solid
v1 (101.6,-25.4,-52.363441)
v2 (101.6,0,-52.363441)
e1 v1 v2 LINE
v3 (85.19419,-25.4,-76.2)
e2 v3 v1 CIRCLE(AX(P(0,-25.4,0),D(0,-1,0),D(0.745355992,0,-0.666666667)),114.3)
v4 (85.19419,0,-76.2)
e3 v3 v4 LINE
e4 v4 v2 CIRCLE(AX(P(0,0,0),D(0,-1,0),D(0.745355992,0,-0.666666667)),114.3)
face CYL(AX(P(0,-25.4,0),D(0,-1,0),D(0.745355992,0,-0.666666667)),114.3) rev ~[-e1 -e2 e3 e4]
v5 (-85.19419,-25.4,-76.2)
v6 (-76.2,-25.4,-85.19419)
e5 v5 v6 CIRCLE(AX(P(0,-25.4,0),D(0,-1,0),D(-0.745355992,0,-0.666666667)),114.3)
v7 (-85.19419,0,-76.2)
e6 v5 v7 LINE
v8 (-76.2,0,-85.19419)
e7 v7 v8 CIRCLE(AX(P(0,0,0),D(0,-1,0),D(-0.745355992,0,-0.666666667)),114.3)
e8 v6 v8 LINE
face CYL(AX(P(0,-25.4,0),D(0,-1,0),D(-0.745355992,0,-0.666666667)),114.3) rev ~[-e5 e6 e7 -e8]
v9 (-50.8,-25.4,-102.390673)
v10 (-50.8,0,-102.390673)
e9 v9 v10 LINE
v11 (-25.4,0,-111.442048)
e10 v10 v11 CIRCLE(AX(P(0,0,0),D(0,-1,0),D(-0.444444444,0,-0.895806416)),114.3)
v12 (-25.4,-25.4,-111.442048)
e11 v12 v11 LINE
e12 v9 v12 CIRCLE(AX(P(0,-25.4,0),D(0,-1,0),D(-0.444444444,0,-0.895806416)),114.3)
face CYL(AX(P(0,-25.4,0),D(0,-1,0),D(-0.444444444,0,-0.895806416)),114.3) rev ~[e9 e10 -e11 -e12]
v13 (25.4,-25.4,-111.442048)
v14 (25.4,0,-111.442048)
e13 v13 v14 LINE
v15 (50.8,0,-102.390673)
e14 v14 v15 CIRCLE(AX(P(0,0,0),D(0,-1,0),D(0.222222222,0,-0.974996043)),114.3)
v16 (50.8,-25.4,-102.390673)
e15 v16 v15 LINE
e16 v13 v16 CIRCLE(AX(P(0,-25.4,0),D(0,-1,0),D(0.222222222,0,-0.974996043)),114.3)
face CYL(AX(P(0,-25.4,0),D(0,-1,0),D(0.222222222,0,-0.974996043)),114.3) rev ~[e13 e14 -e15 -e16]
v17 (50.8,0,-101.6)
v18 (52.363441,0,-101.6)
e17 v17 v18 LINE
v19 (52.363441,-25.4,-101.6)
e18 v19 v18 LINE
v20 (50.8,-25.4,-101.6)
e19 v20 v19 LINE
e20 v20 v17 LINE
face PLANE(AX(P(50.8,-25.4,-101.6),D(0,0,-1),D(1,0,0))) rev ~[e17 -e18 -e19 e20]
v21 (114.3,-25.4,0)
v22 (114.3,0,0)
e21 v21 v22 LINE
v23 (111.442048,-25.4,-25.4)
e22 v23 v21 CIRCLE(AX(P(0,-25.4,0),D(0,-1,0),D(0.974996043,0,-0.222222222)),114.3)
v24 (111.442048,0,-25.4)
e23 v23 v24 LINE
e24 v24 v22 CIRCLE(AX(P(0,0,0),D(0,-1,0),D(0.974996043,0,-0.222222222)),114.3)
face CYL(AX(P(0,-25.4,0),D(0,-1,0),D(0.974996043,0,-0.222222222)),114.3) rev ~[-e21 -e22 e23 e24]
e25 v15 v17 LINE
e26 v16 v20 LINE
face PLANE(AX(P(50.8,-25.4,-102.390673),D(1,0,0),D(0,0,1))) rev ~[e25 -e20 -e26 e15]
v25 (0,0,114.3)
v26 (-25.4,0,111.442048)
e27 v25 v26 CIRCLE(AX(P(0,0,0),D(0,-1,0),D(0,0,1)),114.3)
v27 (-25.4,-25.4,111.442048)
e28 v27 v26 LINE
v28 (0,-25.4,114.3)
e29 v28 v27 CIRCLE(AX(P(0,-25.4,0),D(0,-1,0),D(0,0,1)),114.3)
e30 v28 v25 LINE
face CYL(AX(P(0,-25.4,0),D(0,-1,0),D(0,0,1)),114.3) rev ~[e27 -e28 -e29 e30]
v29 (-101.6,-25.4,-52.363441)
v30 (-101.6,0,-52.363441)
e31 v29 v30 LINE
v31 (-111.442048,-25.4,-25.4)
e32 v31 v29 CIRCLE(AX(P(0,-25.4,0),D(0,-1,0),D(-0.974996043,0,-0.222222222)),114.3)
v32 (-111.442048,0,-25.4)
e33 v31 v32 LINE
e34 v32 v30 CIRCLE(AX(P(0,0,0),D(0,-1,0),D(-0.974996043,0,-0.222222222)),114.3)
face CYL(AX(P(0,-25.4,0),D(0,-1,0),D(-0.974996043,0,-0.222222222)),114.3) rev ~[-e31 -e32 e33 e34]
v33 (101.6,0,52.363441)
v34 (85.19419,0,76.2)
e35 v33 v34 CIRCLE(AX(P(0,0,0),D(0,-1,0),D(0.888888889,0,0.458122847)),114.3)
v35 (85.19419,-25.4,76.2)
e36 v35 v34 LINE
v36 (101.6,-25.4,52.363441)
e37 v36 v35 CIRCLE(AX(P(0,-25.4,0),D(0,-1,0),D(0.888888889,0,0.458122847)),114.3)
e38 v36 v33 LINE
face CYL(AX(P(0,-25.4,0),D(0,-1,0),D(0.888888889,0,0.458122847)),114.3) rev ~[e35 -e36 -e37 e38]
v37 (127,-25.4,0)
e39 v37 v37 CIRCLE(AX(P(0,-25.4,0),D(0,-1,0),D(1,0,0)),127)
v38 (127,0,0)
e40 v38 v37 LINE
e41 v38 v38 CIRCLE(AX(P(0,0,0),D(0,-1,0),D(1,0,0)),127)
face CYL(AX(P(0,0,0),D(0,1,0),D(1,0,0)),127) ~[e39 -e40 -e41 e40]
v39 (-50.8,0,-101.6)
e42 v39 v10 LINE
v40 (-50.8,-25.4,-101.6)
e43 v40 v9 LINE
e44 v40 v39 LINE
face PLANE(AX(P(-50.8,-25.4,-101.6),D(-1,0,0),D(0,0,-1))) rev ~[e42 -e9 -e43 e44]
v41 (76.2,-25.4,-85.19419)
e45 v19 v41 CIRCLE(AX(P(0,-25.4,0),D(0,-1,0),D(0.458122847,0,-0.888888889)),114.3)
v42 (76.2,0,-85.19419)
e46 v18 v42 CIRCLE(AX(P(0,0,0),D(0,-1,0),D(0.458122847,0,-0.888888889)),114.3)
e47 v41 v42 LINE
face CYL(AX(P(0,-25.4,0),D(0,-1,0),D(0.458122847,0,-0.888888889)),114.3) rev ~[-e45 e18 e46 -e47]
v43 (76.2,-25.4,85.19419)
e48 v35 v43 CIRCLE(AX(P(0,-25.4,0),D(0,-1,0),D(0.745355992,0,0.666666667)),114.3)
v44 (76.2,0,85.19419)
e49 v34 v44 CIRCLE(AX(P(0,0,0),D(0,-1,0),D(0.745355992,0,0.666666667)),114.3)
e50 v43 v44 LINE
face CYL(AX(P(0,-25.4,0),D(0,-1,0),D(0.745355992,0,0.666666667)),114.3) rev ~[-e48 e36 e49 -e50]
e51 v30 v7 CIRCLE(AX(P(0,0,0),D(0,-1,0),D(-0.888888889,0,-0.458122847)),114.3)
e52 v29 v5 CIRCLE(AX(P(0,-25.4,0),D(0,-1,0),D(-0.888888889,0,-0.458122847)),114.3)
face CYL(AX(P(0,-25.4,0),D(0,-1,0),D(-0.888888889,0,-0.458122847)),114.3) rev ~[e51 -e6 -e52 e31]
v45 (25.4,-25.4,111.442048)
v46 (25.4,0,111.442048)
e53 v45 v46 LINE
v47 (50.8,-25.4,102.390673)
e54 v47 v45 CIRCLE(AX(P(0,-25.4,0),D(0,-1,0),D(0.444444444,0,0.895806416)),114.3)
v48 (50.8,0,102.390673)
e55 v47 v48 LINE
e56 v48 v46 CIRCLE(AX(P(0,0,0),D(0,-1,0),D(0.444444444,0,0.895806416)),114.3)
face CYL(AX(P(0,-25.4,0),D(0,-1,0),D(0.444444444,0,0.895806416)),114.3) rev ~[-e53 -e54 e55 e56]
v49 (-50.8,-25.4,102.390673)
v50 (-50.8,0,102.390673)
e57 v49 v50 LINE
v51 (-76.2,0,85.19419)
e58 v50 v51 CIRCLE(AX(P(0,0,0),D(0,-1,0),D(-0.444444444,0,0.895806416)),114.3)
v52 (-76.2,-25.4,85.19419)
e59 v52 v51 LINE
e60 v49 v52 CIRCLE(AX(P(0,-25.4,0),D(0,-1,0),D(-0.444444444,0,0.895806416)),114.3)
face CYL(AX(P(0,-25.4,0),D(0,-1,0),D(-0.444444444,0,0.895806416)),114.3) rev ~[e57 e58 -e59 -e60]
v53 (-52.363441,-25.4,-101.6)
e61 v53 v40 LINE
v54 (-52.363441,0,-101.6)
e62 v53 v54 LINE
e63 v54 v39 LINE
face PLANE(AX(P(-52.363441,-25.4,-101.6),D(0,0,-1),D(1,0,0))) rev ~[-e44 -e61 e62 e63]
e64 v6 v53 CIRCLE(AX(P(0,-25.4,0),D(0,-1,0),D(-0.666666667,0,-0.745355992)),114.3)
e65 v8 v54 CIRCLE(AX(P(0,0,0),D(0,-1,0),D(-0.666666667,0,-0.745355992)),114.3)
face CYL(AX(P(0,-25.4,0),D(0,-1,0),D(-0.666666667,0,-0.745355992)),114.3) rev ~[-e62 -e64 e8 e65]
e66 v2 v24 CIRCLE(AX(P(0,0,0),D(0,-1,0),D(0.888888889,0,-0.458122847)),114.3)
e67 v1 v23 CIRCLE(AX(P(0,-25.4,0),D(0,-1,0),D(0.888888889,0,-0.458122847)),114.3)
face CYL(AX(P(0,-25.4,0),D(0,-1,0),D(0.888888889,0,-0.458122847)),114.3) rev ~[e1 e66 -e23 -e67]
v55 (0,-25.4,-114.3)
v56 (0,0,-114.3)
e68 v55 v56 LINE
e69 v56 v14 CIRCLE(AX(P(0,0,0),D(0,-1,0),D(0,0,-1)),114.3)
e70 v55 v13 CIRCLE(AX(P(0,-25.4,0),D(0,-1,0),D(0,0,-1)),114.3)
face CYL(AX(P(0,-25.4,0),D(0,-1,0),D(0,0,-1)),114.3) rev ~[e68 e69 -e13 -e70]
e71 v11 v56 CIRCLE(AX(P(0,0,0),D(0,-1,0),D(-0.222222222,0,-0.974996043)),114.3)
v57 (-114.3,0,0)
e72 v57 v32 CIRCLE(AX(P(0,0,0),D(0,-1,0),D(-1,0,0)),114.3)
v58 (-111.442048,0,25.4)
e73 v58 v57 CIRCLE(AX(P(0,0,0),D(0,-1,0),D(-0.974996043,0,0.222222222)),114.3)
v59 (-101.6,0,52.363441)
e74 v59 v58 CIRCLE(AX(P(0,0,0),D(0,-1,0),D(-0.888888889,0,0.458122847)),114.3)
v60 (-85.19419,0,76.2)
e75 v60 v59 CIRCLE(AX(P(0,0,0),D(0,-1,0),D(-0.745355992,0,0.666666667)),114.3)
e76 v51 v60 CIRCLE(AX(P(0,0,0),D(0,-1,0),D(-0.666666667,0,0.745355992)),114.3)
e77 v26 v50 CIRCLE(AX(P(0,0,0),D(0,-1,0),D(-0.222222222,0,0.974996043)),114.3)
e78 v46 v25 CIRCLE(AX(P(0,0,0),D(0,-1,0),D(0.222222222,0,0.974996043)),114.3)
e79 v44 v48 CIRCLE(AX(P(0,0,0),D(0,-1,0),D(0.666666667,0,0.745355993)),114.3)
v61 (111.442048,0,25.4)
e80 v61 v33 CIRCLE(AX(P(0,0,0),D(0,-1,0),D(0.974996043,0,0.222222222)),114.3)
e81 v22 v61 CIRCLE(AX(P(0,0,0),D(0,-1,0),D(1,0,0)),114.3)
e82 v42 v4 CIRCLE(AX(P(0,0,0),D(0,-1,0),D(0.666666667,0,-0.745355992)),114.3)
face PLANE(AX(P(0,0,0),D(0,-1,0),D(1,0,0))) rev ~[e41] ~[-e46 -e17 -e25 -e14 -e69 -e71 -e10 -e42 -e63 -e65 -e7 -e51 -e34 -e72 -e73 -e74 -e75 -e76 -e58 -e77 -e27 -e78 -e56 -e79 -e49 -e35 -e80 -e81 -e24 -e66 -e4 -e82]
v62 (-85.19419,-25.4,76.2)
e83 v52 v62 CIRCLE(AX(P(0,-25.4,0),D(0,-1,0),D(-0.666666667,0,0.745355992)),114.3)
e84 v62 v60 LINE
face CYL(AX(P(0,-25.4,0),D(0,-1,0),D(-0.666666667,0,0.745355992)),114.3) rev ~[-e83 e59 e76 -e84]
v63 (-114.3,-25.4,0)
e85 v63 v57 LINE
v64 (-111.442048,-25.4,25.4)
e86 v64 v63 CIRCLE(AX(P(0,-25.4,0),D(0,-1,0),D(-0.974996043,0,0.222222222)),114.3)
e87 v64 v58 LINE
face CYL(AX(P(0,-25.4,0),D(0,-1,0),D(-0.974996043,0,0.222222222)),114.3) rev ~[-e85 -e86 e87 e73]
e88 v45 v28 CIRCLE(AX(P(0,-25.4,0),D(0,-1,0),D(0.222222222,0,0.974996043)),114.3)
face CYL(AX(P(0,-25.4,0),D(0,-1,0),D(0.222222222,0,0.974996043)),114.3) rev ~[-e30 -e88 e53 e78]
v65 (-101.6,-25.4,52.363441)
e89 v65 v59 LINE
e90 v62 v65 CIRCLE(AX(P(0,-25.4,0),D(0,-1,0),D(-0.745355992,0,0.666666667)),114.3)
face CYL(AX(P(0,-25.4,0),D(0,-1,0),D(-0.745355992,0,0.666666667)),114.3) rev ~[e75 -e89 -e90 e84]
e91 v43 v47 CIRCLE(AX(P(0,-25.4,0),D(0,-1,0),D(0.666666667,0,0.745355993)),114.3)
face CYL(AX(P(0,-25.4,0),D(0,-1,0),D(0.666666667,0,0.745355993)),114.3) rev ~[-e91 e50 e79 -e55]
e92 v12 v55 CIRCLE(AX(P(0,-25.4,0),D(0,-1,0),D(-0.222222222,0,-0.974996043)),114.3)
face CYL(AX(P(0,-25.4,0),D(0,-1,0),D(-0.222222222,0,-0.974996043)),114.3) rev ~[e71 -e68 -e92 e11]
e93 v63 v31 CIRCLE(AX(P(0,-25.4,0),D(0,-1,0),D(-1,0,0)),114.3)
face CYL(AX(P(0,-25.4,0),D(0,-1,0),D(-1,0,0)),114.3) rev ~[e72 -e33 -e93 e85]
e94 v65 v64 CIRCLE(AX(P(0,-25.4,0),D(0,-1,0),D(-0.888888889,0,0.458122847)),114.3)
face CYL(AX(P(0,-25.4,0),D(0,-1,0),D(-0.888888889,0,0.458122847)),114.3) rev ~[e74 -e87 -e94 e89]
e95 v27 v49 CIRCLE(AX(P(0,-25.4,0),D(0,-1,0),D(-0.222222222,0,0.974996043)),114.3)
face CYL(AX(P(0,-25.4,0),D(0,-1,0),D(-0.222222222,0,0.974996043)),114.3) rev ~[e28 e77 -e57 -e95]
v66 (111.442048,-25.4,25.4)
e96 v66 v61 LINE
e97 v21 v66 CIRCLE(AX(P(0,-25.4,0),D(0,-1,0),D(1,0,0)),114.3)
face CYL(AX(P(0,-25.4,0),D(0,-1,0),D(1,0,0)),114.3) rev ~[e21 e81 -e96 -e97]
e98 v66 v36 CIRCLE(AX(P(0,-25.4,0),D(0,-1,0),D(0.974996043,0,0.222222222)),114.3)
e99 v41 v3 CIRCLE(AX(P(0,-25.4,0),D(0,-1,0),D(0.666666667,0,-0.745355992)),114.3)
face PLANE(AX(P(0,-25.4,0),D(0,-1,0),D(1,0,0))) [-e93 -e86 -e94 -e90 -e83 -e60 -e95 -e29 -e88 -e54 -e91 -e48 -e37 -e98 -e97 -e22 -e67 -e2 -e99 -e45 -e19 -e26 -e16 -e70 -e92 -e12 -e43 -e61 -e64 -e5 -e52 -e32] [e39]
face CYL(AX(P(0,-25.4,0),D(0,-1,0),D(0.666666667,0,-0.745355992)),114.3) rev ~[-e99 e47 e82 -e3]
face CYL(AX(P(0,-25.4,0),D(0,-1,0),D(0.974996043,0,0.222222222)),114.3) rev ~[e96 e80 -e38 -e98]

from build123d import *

# Parameters (mm, degrees)
F0_R     = 127
F1_DEPTH = 25.4
F2_W     = 25.4
F2_H     = 25.4
F3_DEPTH = 25.4


with BuildPart() as f1:
    # F0 (on Front) → F1 (new body)
    with BuildSketch(Plane.XZ):
        Circle(F0_R)
    extrude(amount=F1_DEPTH)

    # F2 (on face) → F3 (cut)
    with BuildSketch(Plane.XZ.offset(25.4)):
        with Locations((-38.1, 88.9)):
            Rectangle(F2_W, F2_H)
        with Locations((-12.7, 88.9)):
            Rectangle(F2_W, F2_H)
        with Locations((12.7, 88.9)):
            Rectangle(F2_W, F2_H)
        with Locations((38.1, 88.9)):
            Rectangle(F2_W, F2_H)
        Polygon((25.4, 51.1908603613), (50.8, 51.5817207227), (50.8, 76.2), (25.4, 76.2), align=None)
        Polygon((50.8, 51.5817207227), (76.2, 51.972581084), (76.2, 76.2), (50.8, 76.2), align=None)
        Polygon((76.2, 25.4), (76.2, 51.972581084), (50.8, 51.5817207227), (50.8, 25.4), align=None)
        with Locations((63.5, 12.7)):
            Rectangle(F2_W, F2_H)
        Polygon((101.6, 25.4), (101.6, 52.3634414453), (76.2, 51.972581084), (76.2, 25.4), align=None)
        with Locations((88.9, 12.7)):
            Rectangle(F2_W, F2_H)
        with Locations((88.9, -12.7)):
            Rectangle(F2_W, F2_H)
        with Locations((88.9, -38.1)):
            Rectangle(F2_W, F2_H)
        with Locations((63.5, -38.1)):
            Rectangle(F2_W, F2_H)
        with Locations((63.5, -63.5)):
            Rectangle(F2_W, F2_H)
        with Locations((38.1, -88.9)):
            Rectangle(F2_W, F2_H)
        with Locations((38.1, -63.5)):
            Rectangle(F2_W, F2_H)
        with Locations((12.7, -88.9)):
            Rectangle(F2_W, F2_H)
        with Locations((-12.7, -88.9)):
            Rectangle(F2_W, F2_H)
        with Locations((-38.1, -88.9)):
            Rectangle(F2_W, F2_H)
        with Locations((-38.1, -63.5)):
            Rectangle(F2_W, F2_H)
        with Locations((-63.5, -63.5)):
            Rectangle(F2_W, F2_H)
        with Locations((-63.5, -38.1)):
            Rectangle(F2_W, F2_H)
        with Locations((-63.5, -12.7)):
            Rectangle(F2_W, F2_H)
        with Locations((-88.9, -12.7)):
            Rectangle(F2_W, F2_H)
        with Locations((-88.9, 12.7)):
            Rectangle(F2_W, F2_H)
        with Locations((-63.5, 12.7)):
            Rectangle(F2_W, F2_H)
        Polygon((-76.2, 25.4), (-76.2, 51.972581084), (-101.6, 52.3634414453), (-101.6, 25.4), align=None)
        Polygon((-76.2, 51.972581084), (-50.8, 51.5817207227), (-50.8, 76.2), (-76.2, 76.2), align=None)
        Polygon((-50.8, 51.5817207227), (-25.4, 51.1908603613), (-25.4, 76.2), (-50.8, 76.2), align=None)
        Polygon((-25.4, 51.1908603613), (0, 50.8), (0, 76.2), (-25.4, 76.2), align=None)
        Polygon((0, 50.8), (25.4, 51.1908603613), (25.4, 76.2), (0, 76.2), align=None)
        Polygon((25.4, 25.4), (25.4, 51.1908603613), (0, 50.8), (0, 25.4), align=None)
        Polygon((-25.4, 25.4), (-25.4, 51.1908603613), (-50.8, 51.5817207227), (-50.8, 25.4), align=None)
        Polygon((-50.8, 25.4), (-50.8, 51.5817207227), (-76.2, 51.972581084), (-76.2, 25.4), align=None)
        Polygon((0, 25.4), (0, 50.8), (-25.4, 51.1908603613), (-25.4, 25.4), align=None)
        Polygon((50.8, 25.4), (50.8, 51.5817207227), (25.4, 51.1908603613), (25.4, 25.4), align=None)
        with Locations((38.1, 12.7)):
            Rectangle(F2_W, F2_H)
        with Locations((12.7, 12.7)):
            Rectangle(F2_W, F2_H)
        with Locations((-12.7, 12.7)):
            Rectangle(F2_W, F2_H)
        with Locations((-38.1, -12.7)):
            Rectangle(F2_W, F2_H)
        with Locations((-12.7, -12.7)):
            Rectangle(F2_W, F2_H)
        with Locations((12.7, -12.7)):
            Rectangle(F2_W, F2_H)
        with Locations((38.1, -12.7)):
            Rectangle(F2_W, F2_H)
        with Locations((63.5, -12.7)):
            Rectangle(F2_W, F2_H)
        with Locations((38.1, -38.1)):
            Rectangle(F2_W, F2_H)
        with Locations((12.7, -38.1)):
            Rectangle(F2_W, F2_H)
        with Locations((12.7, -63.5)):
            Rectangle(F2_W, F2_H)
        with Locations((-12.7, -63.5)):
            Rectangle(F2_W, F2_H)
        with Locations((-12.7, -38.1)):
            Rectangle(F2_W, F2_H)
        with Locations((-38.1, -38.1)):
            Rectangle(F2_W, F2_H)
        with BuildLine():
            Line((-101.6, 52.3634414453), (-76.2, 51.972581084))
            Line((-76.2, 51.972581084), (-76.2, 76.2))
            Line((-76.2, 76.2), (-85.1941899427, 76.2))
            ThreePointArc((-85.1941899427, 76.2), (-94.1544620824, 64.8029881254), (-101.6, 52.3634414453))
        make_face()
        with BuildLine():
            Line((-76.2, 76.2), (-76.2, 85.1941899427))
            ThreePointArc((-76.2, 85.1941899427), (-80.8223050896, 80.8223050896), (-85.1941899427, 76.2))
            Line((-85.1941899427, 76.2), (-76.2, 76.2))
        make_face()
        with BuildLine():
            Line((-50.8, 101.6), (-50.8, 102.3906734034))
            ThreePointArc((-50.8, 102.3906734034), (-64.0794800295, 94.6483504301), (-76.2, 85.1941899427))
            Line((-76.2, 85.1941899427), (-76.2, 76.2))
            Line((-76.2, 76.2), (-50.8, 76.2))
            Line((-50.8, 76.2), (-50.8, 101.6))
        make_face()
        with BuildLine():
            Line((-25.4, 101.6), (-25.4, 111.4420477199))
            ThreePointArc((-25.4, 111.4420477199), (-38.367849096, 107.667999683), (-50.8, 102.3906734034))
            Line((-50.8, 102.3906734034), (-50.8, 101.6))
            Line((-50.8, 101.6), (-25.4, 101.6))
        make_face()
        with BuildLine():
            Line((0, 101.6), (0, 114.3))
            ThreePointArc((0, 114.3), (-12.7801397805, 113.5832647321), (-25.4, 111.4420477199))
            Line((-25.4, 111.4420477199), (-25.4, 101.6))
            Line((-25.4, 101.6), (0, 101.6))
        make_face()
        with BuildLine():
            Line((25.4, 101.6), (25.4, 111.4420477199))
            ThreePointArc((25.4, 111.4420477199), (12.7801397805, 113.5832647321), (0, 114.3))
            Line((0, 114.3), (0, 101.6))
            Line((0, 101.6), (25.4, 101.6))
        make_face()
        with BuildLine():
            Line((50.8, 101.6), (50.8, 102.3906734034))
            ThreePointArc((50.8, 102.3906734034), (38.367849096, 107.667999683), (25.4, 111.4420477199))
            Line((25.4, 111.4420477199), (25.4, 101.6))
            Line((25.4, 101.6), (50.8, 101.6))
        make_face()
        with BuildLine():
            Line((76.2, 76.2), (76.2, 85.1941899427))
            ThreePointArc((76.2, 85.1941899427), (64.0794800295, 94.6483504301), (50.8, 102.3906734034))
            Line((50.8, 102.3906734034), (50.8, 101.6))
            Line((50.8, 101.6), (50.8, 76.2))
            Line((50.8, 76.2), (76.2, 76.2))
        make_face()
        with BuildLine():
            Line((76.2, 76.2), (85.1941899427, 76.2))
            ThreePointArc((85.1941899427, 76.2), (80.8223050896, 80.8223050896), (76.2, 85.1941899427))
            Line((76.2, 85.1941899427), (76.2, 76.2))
        make_face()
        with BuildLine():
            Line((76.2, 51.972581084), (101.6, 52.3634414453))
            ThreePointArc((101.6, 52.3634414453), (94.1544620824, 64.8029881254), (85.1941899427, 76.2))
            Line((85.1941899427, 76.2), (76.2, 76.2))
            Line((76.2, 76.2), (76.2, 51.972581084))
        make_face()
        with BuildLine():
            Line((101.6, 25.4), (111.4420477199, 25.4))
            ThreePointArc((111.4420477199, 25.4), (107.3707842842, 39.1918956187), (101.6, 52.3634414453))
            Line((101.6, 52.3634414453), (101.6, 25.4))
        make_face()
        with BuildLine():
            Line((101.6, 0), (114.3, 0))
            ThreePointArc((114.3, 0), (113.5832647321, 12.7801397805), (111.4420477199, 25.4))
            Line((111.4420477199, 25.4), (101.6, 25.4))
            Line((101.6, 25.4), (101.6, 0))
        make_face()
        with BuildLine():
            ThreePointArc((111.4420477199, -25.4), (113.5832647321, -12.7801397805), (114.3, 0))
            Line((114.3, 0), (101.6, 0))
            Line((101.6, 0), (101.6, -25.4))
            Line((101.6, -25.4), (111.4420477199, -25.4))
        make_face()
        with BuildLine():
            ThreePointArc((101.6, -52.3634414453), (107.3707842842, -39.1918956187), (111.4420477199, -25.4))
            Line((111.4420477199, -25.4), (101.6, -25.4))
            Line((101.6, -25.4), (101.6, -50.8))
            Line((101.6, -50.8), (101.6, -52.3634414453))
        make_face()
        with BuildLine():
            ThreePointArc((85.1941899427, -76.2), (94.1544620824, -64.8029881254), (101.6, -52.3634414453))
            Line((101.6, -52.3634414453), (101.6, -50.8))
            Line((101.6, -50.8), (76.2, -50.8))
            Line((76.2, -50.8), (76.2, -76.2))
            Line((76.2, -76.2), (85.1941899427, -76.2))
        make_face()
        with BuildLine():
            ThreePointArc((25.4, -111.4420477199), (38.367849096, -107.667999683), (50.8, -102.3906734034))
            Line((50.8, -102.3906734034), (50.8, -101.6))
            Line((50.8, -101.6), (25.4, -101.6))
            Line((25.4, -101.6), (25.4, -111.4420477199))
        make_face()
        with BuildLine():
            ThreePointArc((0, -114.3), (12.7801397805, -113.5832647321), (25.4, -111.4420477199))
            Line((25.4, -111.4420477199), (25.4, -101.6))
            Line((25.4, -101.6), (0, -101.6))
            Line((0, -101.6), (0, -114.3))
        make_face()
        with BuildLine():
            ThreePointArc((-25.4, -111.4420477199), (-12.7801397805, -113.5832647321), (0, -114.3))
            Line((0, -114.3), (0, -101.6))
            Line((0, -101.6), (-25.4, -101.6))
            Line((-25.4, -101.6), (-25.4, -111.4420477199))
        make_face()
        with BuildLine():
            ThreePointArc((-50.8, -102.3906734034), (-38.367849096, -107.667999683), (-25.4, -111.4420477199))
            Line((-25.4, -111.4420477199), (-25.4, -101.6))
            Line((-25.4, -101.6), (-50.8, -101.6))
            Line((-50.8, -101.6), (-50.8, -102.3906734034))
        make_face()
        with BuildLine():
            Line((-50.8, -101.6), (-50.8, -76.2))
            Line((-50.8, -76.2), (-76.2, -76.2))
            Line((-76.2, -76.2), (-76.2, -85.1941899427))
            ThreePointArc((-76.2, -85.1941899427), (-64.8029881254, -94.1544620824), (-52.3634414453, -101.6))
            Line((-52.3634414453, -101.6), (-50.8, -101.6))
        make_face()
        with BuildLine():
            Line((-76.2, -85.1941899427), (-76.2, -76.2))
            Line((-76.2, -76.2), (-85.1941899427, -76.2))
            ThreePointArc((-85.1941899427, -76.2), (-80.8223050896, -80.8223050896), (-76.2, -85.1941899427))
        make_face()
        with BuildLine():
            Line((-85.1941899427, -76.2), (-76.2, -76.2))
            Line((-76.2, -76.2), (-76.2, -50.8))
            Line((-76.2, -50.8), (-101.6, -50.8))
            Line((-101.6, -50.8), (-101.6, -52.3634414453))
            ThreePointArc((-101.6, -52.3634414453), (-94.1544620824, -64.8029881254), (-85.1941899427, -76.2))
        make_face()
        with Locations((-88.9, -38.1)):
            Rectangle(F2_W, F2_H)
        with BuildLine():
            Line((-101.6, -50.8), (-101.6, -25.4))
            Line((-101.6, -25.4), (-111.4420477199, -25.4))
            ThreePointArc((-111.4420477199, -25.4), (-107.3707842842, -39.1918956187), (-101.6, -52.3634414453))
            Line((-101.6, -52.3634414453), (-101.6, -50.8))
        make_face()
        with BuildLine():
            Line((-101.6, -25.4), (-101.6, 0))
            Line((-101.6, 0), (-114.3, 0))
            ThreePointArc((-114.3, 0), (-113.5832647321, -12.7801397805), (-111.4420477199, -25.4))
            Line((-111.4420477199, -25.4), (-101.6, -25.4))
        make_face()
        with BuildLine():
            Line((-114.3, 0), (-101.6, 0))
            Line((-101.6, 0), (-101.6, 25.4))
            Line((-101.6, 25.4), (-111.4420477199, 25.4))
            ThreePointArc((-111.4420477199, 25.4), (-113.5832647321, 12.7801397805), (-114.3, 0))
        make_face()
        with BuildLine():
            Line((-101.6, 25.4), (-101.6, 52.3634414453))
            ThreePointArc((-101.6, 52.3634414453), (-107.3707842842, 39.1918956187), (-111.4420477199, 25.4))
            Line((-111.4420477199, 25.4), (-101.6, 25.4))
        make_face()
        with Locations((-38.1, 12.7)):
            Rectangle(F2_W, F2_H)
        with BuildLine():
            ThreePointArc((52.3634414453, -101.6), (64.8029881254, -94.1544620824), (76.2, -85.1941899427))
            Line((76.2, -85.1941899427), (76.2, -76.2))
            Line((76.2, -76.2), (50.8, -76.2))
            Line((50.8, -76.2), (50.8, -101.6))
            Line((50.8, -101.6), (52.3634414453, -101.6))
        make_face()
        with BuildLine():
            ThreePointArc((76.2, -85.1941899427), (80.8223050896, -80.8223050896), (85.1941899427, -76.2))
            Line((85.1941899427, -76.2), (76.2, -76.2))
            Line((76.2, -76.2), (76.2, -85.1941899427))
        make_face()
    extrude(amount=-F3_DEPTH, mode=Mode.SUBTRACT)


solid = f1.part
